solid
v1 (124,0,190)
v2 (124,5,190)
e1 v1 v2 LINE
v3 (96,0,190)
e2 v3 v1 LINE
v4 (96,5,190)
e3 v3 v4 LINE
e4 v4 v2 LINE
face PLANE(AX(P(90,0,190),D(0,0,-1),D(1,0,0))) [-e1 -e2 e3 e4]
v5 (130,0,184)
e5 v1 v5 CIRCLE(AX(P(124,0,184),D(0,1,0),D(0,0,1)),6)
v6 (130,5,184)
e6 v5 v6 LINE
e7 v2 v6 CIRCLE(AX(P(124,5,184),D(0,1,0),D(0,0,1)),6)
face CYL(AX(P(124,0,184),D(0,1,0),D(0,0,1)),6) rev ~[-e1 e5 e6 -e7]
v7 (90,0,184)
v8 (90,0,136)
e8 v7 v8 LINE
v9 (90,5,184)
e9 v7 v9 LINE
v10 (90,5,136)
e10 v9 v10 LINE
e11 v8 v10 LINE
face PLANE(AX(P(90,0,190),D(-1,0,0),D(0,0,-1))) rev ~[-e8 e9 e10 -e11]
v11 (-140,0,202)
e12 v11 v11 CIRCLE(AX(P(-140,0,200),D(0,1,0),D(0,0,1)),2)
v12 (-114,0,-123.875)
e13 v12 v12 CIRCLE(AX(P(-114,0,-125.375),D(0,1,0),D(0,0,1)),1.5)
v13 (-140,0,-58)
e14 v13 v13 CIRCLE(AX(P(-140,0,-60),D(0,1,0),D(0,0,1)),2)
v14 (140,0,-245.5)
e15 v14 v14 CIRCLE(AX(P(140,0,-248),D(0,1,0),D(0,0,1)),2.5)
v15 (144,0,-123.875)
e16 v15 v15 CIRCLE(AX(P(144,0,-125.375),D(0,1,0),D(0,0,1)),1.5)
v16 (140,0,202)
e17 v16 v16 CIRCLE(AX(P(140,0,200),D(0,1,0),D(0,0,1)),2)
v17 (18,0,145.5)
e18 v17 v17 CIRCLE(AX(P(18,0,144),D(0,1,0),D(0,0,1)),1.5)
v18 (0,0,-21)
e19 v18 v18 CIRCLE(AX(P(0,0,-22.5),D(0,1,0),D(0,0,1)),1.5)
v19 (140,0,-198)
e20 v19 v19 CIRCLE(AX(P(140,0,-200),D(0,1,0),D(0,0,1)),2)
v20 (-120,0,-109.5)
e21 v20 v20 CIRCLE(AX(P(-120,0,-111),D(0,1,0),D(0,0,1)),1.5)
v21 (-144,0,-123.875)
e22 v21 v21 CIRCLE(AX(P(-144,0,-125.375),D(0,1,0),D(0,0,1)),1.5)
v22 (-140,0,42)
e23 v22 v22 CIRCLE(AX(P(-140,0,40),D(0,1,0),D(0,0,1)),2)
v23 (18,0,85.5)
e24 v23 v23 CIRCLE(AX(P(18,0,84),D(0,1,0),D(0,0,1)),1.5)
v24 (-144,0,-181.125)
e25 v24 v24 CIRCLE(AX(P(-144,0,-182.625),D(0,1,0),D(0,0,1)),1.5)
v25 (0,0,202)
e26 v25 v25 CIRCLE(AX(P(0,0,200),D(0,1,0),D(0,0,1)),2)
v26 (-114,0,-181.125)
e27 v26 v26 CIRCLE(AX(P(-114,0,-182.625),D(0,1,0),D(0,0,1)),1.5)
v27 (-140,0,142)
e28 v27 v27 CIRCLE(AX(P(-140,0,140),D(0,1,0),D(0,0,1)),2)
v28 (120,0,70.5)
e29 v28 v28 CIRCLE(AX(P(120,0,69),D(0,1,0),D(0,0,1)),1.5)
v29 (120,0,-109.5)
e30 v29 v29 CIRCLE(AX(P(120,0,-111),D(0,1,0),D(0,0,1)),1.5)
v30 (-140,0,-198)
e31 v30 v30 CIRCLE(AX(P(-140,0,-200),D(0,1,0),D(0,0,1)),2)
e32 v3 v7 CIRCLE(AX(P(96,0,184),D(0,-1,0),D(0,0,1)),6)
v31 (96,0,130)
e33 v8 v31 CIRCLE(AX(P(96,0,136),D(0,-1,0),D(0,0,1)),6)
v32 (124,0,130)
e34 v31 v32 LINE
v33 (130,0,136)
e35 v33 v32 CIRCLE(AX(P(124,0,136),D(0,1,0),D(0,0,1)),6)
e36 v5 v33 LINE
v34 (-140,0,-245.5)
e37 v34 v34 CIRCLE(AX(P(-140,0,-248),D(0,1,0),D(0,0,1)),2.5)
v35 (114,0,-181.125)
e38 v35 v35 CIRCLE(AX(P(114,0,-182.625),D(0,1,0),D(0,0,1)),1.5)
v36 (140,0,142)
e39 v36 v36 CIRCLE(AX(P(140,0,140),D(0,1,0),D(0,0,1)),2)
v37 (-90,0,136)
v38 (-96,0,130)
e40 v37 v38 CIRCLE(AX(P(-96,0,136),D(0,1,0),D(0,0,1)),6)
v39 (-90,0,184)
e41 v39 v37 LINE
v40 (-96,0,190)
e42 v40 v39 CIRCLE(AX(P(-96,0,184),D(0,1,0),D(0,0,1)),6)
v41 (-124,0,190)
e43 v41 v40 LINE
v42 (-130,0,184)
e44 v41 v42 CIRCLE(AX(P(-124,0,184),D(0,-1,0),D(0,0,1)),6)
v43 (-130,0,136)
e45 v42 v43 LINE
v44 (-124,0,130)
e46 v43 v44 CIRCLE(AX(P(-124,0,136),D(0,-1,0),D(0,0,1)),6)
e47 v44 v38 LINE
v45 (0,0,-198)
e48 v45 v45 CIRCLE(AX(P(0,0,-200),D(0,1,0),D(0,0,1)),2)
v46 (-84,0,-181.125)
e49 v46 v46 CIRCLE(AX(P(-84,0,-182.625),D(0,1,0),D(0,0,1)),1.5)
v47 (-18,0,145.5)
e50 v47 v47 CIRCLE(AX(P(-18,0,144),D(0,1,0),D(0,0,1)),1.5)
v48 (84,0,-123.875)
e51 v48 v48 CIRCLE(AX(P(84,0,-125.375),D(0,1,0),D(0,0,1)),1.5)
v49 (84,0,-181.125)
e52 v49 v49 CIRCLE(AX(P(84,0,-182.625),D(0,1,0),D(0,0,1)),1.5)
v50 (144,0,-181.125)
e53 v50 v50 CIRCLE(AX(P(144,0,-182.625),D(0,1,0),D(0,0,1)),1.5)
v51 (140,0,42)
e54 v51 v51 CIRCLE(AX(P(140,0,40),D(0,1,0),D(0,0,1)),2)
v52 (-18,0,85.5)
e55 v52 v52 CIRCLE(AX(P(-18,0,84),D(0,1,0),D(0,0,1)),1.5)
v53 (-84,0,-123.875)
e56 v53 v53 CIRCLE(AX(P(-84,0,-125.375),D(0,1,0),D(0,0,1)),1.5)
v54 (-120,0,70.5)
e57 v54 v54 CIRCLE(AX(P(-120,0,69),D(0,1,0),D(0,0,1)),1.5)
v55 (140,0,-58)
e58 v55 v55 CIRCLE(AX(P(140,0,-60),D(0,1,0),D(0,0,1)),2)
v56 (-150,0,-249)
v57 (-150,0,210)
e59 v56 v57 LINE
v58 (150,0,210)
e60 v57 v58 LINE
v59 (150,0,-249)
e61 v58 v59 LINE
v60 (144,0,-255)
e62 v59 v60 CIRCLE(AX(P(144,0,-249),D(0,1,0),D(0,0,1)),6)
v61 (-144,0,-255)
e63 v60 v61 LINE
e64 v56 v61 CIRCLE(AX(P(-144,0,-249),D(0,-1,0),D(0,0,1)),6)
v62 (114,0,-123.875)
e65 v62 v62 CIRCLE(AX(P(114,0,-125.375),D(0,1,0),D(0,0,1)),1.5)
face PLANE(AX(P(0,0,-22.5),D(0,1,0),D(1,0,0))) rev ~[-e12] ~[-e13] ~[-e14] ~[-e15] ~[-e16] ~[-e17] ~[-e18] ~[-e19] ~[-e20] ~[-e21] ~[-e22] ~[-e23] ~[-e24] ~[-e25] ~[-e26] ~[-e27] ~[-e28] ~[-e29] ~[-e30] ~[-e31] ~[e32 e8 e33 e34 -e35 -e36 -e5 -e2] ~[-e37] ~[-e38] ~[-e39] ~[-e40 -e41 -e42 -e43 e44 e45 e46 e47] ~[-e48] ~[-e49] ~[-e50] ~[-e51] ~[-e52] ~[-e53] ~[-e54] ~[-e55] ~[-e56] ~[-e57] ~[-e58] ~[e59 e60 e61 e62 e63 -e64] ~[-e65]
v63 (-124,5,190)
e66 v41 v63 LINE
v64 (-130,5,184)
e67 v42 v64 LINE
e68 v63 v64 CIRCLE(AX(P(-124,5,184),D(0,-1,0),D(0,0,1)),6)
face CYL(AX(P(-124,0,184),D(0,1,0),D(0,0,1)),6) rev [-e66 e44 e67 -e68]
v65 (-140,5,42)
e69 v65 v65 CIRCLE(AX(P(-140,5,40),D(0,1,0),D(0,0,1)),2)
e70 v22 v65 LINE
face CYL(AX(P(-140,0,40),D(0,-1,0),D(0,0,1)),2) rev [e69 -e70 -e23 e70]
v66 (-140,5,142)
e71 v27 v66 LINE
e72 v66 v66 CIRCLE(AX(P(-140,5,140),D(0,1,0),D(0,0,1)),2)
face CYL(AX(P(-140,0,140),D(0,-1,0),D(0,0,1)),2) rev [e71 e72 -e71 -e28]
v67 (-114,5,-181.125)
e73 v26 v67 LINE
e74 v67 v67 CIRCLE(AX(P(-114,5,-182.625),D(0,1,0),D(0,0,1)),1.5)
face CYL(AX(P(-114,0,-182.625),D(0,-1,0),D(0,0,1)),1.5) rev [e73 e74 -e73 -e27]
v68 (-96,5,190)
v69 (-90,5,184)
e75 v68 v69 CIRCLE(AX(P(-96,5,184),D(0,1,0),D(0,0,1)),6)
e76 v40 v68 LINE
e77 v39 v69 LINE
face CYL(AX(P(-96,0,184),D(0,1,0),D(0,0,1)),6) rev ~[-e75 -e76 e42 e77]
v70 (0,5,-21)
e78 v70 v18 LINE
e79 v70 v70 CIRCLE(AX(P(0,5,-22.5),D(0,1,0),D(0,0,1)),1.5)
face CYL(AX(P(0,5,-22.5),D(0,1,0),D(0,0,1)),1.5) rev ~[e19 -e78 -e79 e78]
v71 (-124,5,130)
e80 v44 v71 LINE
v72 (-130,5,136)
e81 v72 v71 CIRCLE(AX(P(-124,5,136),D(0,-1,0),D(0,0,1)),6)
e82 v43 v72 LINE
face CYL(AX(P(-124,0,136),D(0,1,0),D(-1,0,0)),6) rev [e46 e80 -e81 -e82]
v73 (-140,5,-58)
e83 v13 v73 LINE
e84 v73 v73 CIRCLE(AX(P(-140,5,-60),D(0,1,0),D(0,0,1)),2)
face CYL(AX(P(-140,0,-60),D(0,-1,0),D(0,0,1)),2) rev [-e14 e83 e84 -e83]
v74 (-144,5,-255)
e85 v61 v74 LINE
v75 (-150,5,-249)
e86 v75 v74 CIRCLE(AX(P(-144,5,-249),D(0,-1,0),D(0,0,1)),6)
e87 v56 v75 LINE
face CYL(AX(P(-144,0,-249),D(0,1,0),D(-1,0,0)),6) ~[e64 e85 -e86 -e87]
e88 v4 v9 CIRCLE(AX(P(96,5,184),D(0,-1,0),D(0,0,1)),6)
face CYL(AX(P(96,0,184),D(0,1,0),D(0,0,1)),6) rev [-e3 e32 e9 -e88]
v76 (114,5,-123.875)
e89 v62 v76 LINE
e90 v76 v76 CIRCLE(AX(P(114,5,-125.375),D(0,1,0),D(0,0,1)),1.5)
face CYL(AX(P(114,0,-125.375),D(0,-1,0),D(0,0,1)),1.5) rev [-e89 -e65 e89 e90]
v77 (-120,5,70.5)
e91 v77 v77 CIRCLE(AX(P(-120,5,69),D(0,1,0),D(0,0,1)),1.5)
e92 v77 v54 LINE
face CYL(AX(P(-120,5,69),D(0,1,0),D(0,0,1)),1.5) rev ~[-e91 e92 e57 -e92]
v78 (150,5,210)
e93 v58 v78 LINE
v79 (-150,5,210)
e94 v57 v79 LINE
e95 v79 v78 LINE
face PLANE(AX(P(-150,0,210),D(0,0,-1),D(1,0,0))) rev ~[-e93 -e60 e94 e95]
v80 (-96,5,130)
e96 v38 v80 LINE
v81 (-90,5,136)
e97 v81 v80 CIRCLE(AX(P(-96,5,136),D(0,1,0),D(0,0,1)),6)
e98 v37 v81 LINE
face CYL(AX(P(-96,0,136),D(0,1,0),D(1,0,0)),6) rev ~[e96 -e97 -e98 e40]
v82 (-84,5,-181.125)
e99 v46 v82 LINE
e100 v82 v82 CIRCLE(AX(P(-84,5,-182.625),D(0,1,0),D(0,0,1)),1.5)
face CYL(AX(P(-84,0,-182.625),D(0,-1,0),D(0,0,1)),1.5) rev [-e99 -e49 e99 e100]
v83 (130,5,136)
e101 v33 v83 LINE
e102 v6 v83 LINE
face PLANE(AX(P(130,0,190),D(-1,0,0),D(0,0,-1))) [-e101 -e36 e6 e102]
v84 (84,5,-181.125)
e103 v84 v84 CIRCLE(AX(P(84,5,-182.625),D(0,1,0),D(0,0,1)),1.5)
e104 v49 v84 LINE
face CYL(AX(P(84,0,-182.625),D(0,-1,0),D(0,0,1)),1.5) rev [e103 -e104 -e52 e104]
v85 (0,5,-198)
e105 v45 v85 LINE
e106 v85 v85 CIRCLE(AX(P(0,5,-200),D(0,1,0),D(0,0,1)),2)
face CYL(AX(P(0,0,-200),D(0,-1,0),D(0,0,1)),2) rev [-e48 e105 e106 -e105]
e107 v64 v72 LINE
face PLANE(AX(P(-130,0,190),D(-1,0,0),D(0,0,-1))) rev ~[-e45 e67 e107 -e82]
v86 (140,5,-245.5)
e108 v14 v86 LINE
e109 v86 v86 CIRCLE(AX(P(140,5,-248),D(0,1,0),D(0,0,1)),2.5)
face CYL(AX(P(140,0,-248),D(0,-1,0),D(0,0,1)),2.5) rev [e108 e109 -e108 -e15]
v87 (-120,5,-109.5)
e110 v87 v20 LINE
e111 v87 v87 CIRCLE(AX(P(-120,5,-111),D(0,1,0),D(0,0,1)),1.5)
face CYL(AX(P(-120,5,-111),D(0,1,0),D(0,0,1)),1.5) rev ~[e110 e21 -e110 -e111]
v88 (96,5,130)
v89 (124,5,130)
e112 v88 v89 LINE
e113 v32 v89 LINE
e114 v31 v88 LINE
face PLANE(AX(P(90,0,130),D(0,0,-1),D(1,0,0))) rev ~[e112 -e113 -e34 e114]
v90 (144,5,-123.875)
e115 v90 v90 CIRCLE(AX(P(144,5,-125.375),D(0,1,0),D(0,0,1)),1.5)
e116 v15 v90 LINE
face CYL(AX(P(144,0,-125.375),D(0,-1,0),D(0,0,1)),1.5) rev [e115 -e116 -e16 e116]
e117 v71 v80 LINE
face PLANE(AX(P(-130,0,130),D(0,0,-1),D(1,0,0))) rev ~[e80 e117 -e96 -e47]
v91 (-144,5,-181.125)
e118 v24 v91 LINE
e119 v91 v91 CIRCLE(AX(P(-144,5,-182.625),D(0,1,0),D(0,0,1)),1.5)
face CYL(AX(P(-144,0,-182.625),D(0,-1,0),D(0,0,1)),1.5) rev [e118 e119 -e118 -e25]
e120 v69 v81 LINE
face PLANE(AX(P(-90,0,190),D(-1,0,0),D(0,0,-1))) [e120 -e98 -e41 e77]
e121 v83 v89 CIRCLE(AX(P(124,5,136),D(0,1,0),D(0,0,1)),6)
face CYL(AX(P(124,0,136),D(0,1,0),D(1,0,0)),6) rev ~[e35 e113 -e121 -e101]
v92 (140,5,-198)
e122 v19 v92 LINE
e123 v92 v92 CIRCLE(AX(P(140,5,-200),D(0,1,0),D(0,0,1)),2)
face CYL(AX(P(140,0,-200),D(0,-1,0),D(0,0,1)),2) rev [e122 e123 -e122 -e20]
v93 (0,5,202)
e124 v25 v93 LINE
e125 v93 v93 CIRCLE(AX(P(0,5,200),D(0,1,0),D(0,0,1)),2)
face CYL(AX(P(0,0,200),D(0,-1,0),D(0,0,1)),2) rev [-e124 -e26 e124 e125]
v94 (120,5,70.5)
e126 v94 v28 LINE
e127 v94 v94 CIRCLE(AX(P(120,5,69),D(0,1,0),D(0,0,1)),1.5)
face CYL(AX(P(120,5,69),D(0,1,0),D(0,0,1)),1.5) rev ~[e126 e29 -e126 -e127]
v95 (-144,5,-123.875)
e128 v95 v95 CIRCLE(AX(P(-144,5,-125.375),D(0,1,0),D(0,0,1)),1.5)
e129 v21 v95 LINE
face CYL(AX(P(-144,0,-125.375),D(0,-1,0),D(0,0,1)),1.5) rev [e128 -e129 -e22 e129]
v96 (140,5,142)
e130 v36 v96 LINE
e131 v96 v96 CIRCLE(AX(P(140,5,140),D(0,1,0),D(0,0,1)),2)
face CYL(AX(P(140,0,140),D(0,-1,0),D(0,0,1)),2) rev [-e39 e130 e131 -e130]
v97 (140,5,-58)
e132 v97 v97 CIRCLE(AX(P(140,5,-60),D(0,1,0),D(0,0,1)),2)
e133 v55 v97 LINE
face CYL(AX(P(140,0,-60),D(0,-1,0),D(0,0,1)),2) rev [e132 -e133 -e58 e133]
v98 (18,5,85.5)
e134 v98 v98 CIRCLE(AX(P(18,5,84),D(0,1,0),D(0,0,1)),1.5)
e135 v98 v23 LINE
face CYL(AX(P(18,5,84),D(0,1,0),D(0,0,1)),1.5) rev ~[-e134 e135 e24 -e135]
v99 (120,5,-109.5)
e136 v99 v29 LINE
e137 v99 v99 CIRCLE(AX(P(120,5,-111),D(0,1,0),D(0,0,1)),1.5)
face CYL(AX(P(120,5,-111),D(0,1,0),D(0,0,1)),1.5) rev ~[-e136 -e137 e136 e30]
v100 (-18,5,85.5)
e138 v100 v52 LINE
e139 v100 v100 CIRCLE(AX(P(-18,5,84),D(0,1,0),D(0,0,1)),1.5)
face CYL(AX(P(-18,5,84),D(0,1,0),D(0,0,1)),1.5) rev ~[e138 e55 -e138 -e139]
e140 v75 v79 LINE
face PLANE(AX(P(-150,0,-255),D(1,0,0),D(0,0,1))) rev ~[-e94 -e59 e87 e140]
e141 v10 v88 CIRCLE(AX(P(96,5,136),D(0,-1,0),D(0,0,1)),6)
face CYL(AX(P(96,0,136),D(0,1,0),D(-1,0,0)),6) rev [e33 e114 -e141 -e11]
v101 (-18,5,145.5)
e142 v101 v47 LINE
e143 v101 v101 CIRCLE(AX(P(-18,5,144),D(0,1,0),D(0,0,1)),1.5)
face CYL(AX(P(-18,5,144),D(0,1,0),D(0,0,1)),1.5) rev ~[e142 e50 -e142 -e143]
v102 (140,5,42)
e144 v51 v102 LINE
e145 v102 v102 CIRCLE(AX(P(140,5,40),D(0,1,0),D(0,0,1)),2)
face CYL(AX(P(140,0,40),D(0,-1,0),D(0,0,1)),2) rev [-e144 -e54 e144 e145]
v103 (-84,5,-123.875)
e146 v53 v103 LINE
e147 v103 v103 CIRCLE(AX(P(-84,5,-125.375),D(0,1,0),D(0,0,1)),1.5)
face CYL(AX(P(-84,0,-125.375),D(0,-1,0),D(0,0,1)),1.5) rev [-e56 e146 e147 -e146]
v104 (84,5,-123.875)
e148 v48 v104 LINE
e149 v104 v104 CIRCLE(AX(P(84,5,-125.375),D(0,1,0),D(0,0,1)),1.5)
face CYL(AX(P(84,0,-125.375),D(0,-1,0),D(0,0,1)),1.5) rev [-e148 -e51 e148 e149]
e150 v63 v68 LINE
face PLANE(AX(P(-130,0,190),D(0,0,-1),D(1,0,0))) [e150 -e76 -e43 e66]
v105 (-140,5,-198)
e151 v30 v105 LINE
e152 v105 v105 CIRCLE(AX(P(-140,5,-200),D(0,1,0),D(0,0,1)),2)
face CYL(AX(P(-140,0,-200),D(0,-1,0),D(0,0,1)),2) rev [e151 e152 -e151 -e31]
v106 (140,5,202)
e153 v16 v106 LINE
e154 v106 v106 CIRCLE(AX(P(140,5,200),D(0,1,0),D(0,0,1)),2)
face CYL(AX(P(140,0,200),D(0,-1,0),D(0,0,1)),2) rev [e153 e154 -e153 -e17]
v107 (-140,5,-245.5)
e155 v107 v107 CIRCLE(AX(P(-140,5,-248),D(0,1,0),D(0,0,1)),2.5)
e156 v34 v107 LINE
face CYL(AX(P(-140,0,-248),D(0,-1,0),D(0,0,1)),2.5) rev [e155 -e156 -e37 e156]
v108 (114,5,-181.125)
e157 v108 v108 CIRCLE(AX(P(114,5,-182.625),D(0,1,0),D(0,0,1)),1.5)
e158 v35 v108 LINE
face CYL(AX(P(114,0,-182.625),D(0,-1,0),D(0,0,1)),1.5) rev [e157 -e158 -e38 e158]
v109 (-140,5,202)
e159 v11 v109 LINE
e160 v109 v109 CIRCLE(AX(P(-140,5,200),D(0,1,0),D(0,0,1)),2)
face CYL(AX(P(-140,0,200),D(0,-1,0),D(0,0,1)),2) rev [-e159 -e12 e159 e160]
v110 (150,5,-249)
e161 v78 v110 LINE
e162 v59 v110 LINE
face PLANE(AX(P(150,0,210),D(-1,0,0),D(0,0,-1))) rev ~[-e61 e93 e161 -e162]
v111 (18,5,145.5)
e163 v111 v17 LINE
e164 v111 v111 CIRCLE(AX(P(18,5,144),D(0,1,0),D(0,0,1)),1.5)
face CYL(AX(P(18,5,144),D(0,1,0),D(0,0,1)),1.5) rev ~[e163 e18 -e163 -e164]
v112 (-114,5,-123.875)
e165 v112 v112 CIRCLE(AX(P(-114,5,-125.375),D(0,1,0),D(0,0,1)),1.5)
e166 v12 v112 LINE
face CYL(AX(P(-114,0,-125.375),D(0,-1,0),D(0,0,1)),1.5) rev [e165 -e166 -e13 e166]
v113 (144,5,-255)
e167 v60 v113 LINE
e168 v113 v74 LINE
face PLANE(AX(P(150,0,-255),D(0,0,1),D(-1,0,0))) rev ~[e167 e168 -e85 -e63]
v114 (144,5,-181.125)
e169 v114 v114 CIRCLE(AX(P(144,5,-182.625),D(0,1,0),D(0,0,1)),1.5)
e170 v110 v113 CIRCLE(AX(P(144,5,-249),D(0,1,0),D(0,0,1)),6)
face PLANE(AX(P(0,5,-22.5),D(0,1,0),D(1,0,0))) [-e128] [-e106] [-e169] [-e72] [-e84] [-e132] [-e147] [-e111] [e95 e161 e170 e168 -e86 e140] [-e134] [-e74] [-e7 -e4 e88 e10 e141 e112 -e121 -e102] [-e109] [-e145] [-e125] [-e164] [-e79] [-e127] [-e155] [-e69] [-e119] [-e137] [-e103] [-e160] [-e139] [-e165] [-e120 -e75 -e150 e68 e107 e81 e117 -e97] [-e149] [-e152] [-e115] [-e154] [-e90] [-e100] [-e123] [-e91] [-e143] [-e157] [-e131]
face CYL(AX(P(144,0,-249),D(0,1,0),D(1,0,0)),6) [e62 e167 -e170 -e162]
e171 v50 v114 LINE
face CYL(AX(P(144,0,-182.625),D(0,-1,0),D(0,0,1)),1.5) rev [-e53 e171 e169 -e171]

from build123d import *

# Parameters (mm, degrees)
SKETCH1_R           = 2
SKETCH1_W           = 40
SKETCH1_H           = 60
SKETCH1_R_2         = 1.5
SKETCH1_R_3         = 2.5
BOSS_EXTRUDE1_DEPTH = 5
FILLET1_R           = 6
SKETCH2_R           = 1.5
CUT_EXTRUDE1_DEPTH  = 296.88849251


with BuildPart() as part:
    # Sketch1 → Boss-Extrude1 (new body)
    with BuildSketch(Plane(origin=(0, 0, 0), x_dir=(1, 0, 0), z_dir=(0, 1, 0))):
        Polygon((-150, 210), (-150, -210), (150, -210), (150, 210), (150, 255), (-150, 255), align=None)
        with Locations(Location((-140, -200, 0), (0, 0, 270))):
            Circle(SKETCH1_R, mode=Mode.SUBTRACT)
        with Locations((-110, -160)):
            Rectangle(SKETCH1_W, SKETCH1_H, mode=Mode.SUBTRACT)
        with Locations(Location((-140, -140, 0), (0, 0, 270))):
            Circle(SKETCH1_R, mode=Mode.SUBTRACT)
        with Locations(Location((-140, -40, 0), (0, 0, 270))):
            Circle(SKETCH1_R, mode=Mode.SUBTRACT)
        with Locations(Location((0, -200, 0), (0, 0, 270))):
            Circle(SKETCH1_R, mode=Mode.SUBTRACT)
        with Locations((110, -160)):
            Rectangle(SKETCH1_W, SKETCH1_H, mode=Mode.SUBTRACT)
        with Locations(Location((140, -200, 0), (0, 0, 270))):
            Circle(SKETCH1_R, mode=Mode.SUBTRACT)
        with Locations(Location((140, -140, 0), (0, 0, 270))):
            Circle(SKETCH1_R, mode=Mode.SUBTRACT)
        with Locations(Location((140, -40, 0), (0, 0, 270))):
            Circle(SKETCH1_R, mode=Mode.SUBTRACT)
        with Locations(Location((-140, 60, 0), (0, 0, 270))):
            Circle(SKETCH1_R, mode=Mode.SUBTRACT)
        with Locations(Location((-144, 125.375, 0), (0, 0, 270))):
            Circle(SKETCH1_R_2, mode=Mode.SUBTRACT)
        with Locations(Location((-114, 125.375, 0), (0, 0, 270))):
            Circle(SKETCH1_R_2, mode=Mode.SUBTRACT)
        with Locations(Location((-84, 125.375, 0), (0, 0, 270))):
            Circle(SKETCH1_R_2, mode=Mode.SUBTRACT)
        with Locations(Location((-144, 182.625, 0), (0, 0, 270))):
            Circle(SKETCH1_R_2, mode=Mode.SUBTRACT)
        with Locations(Location((-114, 182.625, 0), (0, 0, 270))):
            Circle(SKETCH1_R_2, mode=Mode.SUBTRACT)
        with Locations(Location((-84, 182.625, 0), (0, 0, 270))):
            Circle(SKETCH1_R_2, mode=Mode.SUBTRACT)
        with Locations(Location((-140, 200, 0), (0, 0, 270))):
            Circle(SKETCH1_R, mode=Mode.SUBTRACT)
        with Locations(Location((-140, 248, 0), (0, 0, 270))):
            Circle(SKETCH1_R_3, mode=Mode.SUBTRACT)
        with Locations(Location((140, 60, 0), (0, 0, 270))):
            Circle(SKETCH1_R, mode=Mode.SUBTRACT)
        with Locations(Location((84, 125.375, 0), (0, 0, 270))):
            Circle(SKETCH1_R_2, mode=Mode.SUBTRACT)
        with Locations(Location((114, 125.375, 0), (0, 0, 270))):
            Circle(SKETCH1_R_2, mode=Mode.SUBTRACT)
        with Locations(Location((144, 125.375, 0), (0, 0, 270))):
            Circle(SKETCH1_R_2, mode=Mode.SUBTRACT)
        with Locations(Location((0, 200, 0), (0, 0, 270))):
            Circle(SKETCH1_R, mode=Mode.SUBTRACT)
        with Locations(Location((84, 182.625, 0), (0, 0, 270))):
            Circle(SKETCH1_R_2, mode=Mode.SUBTRACT)
        with Locations(Location((114, 182.625, 0), (0, 0, 270))):
            Circle(SKETCH1_R_2, mode=Mode.SUBTRACT)
        with Locations(Location((144, 182.625, 0), (0, 0, 270))):
            Circle(SKETCH1_R_2, mode=Mode.SUBTRACT)
        with Locations(Location((140, 200, 0), (0, 0, 270))):
            Circle(SKETCH1_R, mode=Mode.SUBTRACT)
        with Locations(Location((140, 248, 0), (0, 0, 270))):
            Circle(SKETCH1_R_3, mode=Mode.SUBTRACT)
    extrude(amount=BOSS_EXTRUDE1_DEPTH)

    # Fillet1
    fillet1_edges = [part.edges().sort_by_distance(p)[0] for p in [
        (130, 2.5, 190),
        (130, 2.5, 130),
        (90, 2.5, 130),
        (90, 2.5, 190),
        (-90, 2.5, 130),
        (-130, 2.5, 130),
        (-130, 2.5, 190),
        (-90, 2.5, 190),
        (-150, 2.5, -255),
        (150, 2.5, -255),
    ]]
    fillet(fillet1_edges, radius=FILLET1_R)

    # Sketch2 → Cut-Extrude1 (cut, through all)
    with BuildSketch(Plane(origin=(0, 5, 0), x_dir=(1, 0, 0), z_dir=(0, 1, 0))):
        with Locations(Location((-18, -144, 0), (0, 0, 270))):
            Circle(SKETCH2_R)
        with Locations(Location((18, -144, 0), (0, 0, 270))):
            Circle(SKETCH2_R)
        with Locations(Location((18, -84, 0), (0, 0, 270))):
            Circle(SKETCH2_R)
        with Locations(Location((-18, -84, 0), (0, 0, 270))):
            Circle(SKETCH2_R)
        with Locations(Location((-120, -69, 0), (0, 0, 270))):
            Circle(SKETCH2_R)
        with Locations(Location((120, -69, 0), (0, 0, 270))):
            Circle(SKETCH2_R)
        with Locations(Location((120, 111, 0), (0, 0, 270))):
            Circle(SKETCH2_R)
        with Locations(Location((-120, 111, 0), (0, 0, 270))):
            Circle(SKETCH2_R)
        with Locations(Location((0, 22.5, 0), (0, 0, 270))):
            Circle(SKETCH2_R)
    extrude(amount=-CUT_EXTRUDE1_DEPTH, mode=Mode.SUBTRACT)


solid = part.part
